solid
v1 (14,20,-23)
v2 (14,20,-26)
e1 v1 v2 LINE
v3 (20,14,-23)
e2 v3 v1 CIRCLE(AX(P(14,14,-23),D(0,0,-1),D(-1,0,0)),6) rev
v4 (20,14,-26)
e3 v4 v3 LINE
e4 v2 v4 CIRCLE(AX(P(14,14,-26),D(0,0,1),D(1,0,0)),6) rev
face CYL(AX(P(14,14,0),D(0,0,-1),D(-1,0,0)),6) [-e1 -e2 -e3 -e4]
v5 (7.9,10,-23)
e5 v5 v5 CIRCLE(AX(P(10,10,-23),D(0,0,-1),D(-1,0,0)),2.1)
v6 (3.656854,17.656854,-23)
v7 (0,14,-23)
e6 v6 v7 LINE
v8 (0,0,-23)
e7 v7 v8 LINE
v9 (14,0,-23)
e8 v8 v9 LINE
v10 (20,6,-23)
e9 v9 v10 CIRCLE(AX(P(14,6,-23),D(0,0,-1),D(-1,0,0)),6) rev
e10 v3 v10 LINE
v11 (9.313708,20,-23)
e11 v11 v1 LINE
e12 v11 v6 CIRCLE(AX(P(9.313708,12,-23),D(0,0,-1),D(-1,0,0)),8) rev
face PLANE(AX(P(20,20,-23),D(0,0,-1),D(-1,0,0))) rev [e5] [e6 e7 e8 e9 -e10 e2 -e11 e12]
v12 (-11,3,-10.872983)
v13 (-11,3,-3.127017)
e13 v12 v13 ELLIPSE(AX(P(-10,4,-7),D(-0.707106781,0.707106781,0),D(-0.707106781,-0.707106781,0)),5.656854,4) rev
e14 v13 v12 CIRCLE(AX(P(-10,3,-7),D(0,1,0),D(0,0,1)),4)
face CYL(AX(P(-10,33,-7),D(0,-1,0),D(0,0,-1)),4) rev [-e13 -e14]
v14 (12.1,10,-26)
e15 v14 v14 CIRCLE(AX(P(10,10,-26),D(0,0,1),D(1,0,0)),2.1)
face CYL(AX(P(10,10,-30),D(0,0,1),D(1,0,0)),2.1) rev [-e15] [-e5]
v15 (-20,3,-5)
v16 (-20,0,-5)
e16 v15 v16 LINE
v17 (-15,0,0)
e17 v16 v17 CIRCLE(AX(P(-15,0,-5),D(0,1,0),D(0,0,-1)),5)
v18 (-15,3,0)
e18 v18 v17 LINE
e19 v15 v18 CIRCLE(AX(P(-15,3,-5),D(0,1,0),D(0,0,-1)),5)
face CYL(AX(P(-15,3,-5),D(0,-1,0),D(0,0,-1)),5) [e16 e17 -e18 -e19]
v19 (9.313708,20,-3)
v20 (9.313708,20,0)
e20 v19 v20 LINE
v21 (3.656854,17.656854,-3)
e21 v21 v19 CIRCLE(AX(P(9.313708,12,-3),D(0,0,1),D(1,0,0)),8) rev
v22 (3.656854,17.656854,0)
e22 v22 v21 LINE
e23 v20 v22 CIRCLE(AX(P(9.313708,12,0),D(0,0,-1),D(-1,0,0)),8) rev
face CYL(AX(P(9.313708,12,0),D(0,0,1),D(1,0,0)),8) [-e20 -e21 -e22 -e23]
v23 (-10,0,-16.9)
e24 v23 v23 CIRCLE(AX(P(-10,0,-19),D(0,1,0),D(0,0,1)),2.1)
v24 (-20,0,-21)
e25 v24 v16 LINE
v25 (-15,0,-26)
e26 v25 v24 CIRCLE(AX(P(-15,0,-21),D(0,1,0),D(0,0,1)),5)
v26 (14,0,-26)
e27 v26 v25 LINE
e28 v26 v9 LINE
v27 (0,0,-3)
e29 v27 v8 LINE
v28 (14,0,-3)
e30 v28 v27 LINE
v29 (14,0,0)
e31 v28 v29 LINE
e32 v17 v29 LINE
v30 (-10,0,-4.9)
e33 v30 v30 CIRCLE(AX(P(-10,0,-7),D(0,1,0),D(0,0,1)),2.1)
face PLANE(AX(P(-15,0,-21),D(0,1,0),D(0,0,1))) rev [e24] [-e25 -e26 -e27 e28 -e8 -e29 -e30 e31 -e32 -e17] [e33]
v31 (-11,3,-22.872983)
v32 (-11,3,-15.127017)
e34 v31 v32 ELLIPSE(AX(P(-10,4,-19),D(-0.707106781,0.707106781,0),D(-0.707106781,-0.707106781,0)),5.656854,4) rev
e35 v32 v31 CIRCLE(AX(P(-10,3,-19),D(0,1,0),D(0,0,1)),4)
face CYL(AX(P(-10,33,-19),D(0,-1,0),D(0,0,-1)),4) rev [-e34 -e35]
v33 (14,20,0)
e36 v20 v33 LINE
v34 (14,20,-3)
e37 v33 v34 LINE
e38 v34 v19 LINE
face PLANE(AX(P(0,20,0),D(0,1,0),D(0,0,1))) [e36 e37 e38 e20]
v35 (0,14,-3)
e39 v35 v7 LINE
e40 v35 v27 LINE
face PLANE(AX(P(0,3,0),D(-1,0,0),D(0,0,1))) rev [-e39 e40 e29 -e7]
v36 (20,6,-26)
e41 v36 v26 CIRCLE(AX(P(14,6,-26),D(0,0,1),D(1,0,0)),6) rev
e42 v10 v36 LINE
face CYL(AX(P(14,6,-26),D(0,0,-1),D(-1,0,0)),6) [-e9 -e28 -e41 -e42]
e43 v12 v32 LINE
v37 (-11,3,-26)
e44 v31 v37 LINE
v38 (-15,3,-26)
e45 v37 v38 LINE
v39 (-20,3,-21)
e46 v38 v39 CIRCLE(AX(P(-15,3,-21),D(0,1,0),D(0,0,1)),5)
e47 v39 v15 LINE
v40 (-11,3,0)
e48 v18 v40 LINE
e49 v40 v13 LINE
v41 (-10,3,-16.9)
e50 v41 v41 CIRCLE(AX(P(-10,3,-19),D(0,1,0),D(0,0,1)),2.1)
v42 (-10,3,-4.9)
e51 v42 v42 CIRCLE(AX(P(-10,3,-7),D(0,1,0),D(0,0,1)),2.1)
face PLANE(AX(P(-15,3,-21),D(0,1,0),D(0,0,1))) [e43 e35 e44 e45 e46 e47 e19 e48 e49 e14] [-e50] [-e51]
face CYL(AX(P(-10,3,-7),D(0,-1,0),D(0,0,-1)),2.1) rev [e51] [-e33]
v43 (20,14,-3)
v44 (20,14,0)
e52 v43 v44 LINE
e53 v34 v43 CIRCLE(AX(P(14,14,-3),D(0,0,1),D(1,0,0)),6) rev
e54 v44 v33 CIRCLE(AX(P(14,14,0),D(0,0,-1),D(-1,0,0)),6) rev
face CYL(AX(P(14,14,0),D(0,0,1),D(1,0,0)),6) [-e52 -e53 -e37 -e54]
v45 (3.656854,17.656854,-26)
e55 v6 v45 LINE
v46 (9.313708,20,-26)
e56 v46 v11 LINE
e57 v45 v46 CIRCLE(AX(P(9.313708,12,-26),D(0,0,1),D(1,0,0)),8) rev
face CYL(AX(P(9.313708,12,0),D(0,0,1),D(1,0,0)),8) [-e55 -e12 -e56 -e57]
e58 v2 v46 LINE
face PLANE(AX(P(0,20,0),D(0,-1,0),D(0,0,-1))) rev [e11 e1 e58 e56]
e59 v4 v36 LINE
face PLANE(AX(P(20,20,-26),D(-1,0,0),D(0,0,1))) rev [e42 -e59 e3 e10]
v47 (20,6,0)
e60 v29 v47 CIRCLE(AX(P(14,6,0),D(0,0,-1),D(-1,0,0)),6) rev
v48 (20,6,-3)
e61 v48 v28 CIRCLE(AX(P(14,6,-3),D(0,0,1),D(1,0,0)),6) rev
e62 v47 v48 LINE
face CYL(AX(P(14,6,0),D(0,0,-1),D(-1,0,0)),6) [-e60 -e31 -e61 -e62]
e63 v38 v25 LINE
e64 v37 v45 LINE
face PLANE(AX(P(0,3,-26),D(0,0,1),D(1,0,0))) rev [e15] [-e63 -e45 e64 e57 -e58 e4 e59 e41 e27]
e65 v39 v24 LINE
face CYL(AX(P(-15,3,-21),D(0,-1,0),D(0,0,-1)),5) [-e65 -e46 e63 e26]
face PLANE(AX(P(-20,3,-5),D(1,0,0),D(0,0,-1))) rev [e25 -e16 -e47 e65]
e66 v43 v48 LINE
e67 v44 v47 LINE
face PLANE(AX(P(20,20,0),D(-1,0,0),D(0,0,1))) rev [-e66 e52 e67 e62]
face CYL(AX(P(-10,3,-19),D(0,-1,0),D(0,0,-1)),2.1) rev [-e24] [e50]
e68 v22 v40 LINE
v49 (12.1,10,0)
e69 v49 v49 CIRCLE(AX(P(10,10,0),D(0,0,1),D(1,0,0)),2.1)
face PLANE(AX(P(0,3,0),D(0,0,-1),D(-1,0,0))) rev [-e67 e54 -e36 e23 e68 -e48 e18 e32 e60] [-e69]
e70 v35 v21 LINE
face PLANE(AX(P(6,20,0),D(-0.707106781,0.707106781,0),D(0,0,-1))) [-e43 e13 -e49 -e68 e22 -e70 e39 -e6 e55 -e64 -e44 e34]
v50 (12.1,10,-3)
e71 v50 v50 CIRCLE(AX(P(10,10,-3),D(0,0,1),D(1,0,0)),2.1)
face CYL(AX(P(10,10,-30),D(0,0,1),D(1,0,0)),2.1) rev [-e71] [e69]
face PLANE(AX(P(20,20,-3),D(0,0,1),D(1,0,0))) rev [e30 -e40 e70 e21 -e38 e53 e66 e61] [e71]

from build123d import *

# Parameters (mm, degrees)
SKETCH_1_R          = 2.1
EXTRUDE_1_DEPTH     = 3
SKETCH_3_W          = 20
SKETCH_3_H          = 3
EXTRUDE_2_DEPTH     = 20
FILLET_2_R          = 6
CHAMFER_2_SIZE      = 6
FILLET_3_R          = 8
EXTRUDE_5_DEPTH     = 26
SKETCH_12_R         = 2.1
CUT_EXTRUDE_4_DEPTH = 30
SKETCH_13_R         = 4
CUT_EXTRUDE_5_DEPTH = 30


with BuildPart() as part:
    # 草图1 → 凸台-拉伸1 (new body)
    with BuildSketch(Plane(origin=(0, 0, 0), x_dir=(1, 0, 0), z_dir=(0, 1, 0))):
        with BuildLine():
            Line((0, 0), (-15, 0))
            ThreePointArc((-15, 0), (-18.535533906, 1.464466094), (-20, 5))
            Line((-20, 5), (-20, 21))
            ThreePointArc((-20, 21), (-18.535533906, 24.535533906), (-15, 26))
            Line((-15, 26), (0, 26))
            Line((0, 26), (0, 0))
        make_face()
        with Locations(Location((-10, 19, 0), (0, 0, 270))):
            Circle(SKETCH_1_R, mode=Mode.SUBTRACT)
        with Locations(Location((-10, 7, 0), (0, 0, 270))):
            Circle(SKETCH_1_R, mode=Mode.SUBTRACT)
    extrude(amount=EXTRUDE_1_DEPTH)

    # 草图3 → 凸台-拉伸2 (add)
    with BuildSketch(Plane(origin=(0, 0, 0), x_dir=(1, 0, 0), z_dir=(0, 1, 0))):
        with Locations((10, 24.5)):
            Rectangle(SKETCH_3_W, SKETCH_3_H)
        with Locations((10, 1.5)):
            Rectangle(SKETCH_3_W, SKETCH_3_H)
    extrude(amount=EXTRUDE_2_DEPTH)

    # 圆角2
    fillet_2_edges = [part.edges().sort_by_distance(p)[0] for p in [
        (20, 0, -24.5),
        (20, 20, -24.5),
        (20, 0, -1.5),
        (20, 20, -1.5),
    ]]
    fillet(fillet_2_edges, radius=FILLET_2_R)

    # 倒角2
    chamfer_2_edges = [part.edges().sort_by_distance(p)[0] for p in [
        (0, 20, -24.5),
        (0, 20, -1.5),
    ]]
    chamfer(chamfer_2_edges, length=CHAMFER_2_SIZE)

    # 圆角3
    fillet_3_edges = [part.edges().sort_by_distance(p)[0] for p in [
        (6, 20, -1.5),
        (6, 20, -24.5),
    ]]
    fillet(fillet_3_edges, radius=FILLET_3_R)

    # 草图8 → 凸台-拉伸5 (add)
    with BuildSketch(Plane(origin=(0, 0, -26), x_dir=(-1, 0, 0), z_dir=(0, 0, -1))):
        Polygon((0, 14), (11, 3), (0, 3), align=None)
    extrude(amount=-EXTRUDE_5_DEPTH)

    # 草图12 → 切除-拉伸4 (cut)
    with BuildSketch(Plane.XY):
        with Locations((10, 10)):
            Circle(SKETCH_12_R)
    extrude(amount=-CUT_EXTRUDE_4_DEPTH, mode=Mode.SUBTRACT)

    # 草图13 → 切除-拉伸5 (cut)
    with BuildSketch(Plane(origin=(0, 3, 0), x_dir=(1, 0, 0), z_dir=(0, 1, 0))):
        with Locations((-10, 19)):
            Circle(SKETCH_13_R)
        with Locations((-10, 7)):
            Circle(SKETCH_13_R)
    extrude(amount=CUT_EXTRUDE_5_DEPTH, mode=Mode.SUBTRACT)


solid = part.part
